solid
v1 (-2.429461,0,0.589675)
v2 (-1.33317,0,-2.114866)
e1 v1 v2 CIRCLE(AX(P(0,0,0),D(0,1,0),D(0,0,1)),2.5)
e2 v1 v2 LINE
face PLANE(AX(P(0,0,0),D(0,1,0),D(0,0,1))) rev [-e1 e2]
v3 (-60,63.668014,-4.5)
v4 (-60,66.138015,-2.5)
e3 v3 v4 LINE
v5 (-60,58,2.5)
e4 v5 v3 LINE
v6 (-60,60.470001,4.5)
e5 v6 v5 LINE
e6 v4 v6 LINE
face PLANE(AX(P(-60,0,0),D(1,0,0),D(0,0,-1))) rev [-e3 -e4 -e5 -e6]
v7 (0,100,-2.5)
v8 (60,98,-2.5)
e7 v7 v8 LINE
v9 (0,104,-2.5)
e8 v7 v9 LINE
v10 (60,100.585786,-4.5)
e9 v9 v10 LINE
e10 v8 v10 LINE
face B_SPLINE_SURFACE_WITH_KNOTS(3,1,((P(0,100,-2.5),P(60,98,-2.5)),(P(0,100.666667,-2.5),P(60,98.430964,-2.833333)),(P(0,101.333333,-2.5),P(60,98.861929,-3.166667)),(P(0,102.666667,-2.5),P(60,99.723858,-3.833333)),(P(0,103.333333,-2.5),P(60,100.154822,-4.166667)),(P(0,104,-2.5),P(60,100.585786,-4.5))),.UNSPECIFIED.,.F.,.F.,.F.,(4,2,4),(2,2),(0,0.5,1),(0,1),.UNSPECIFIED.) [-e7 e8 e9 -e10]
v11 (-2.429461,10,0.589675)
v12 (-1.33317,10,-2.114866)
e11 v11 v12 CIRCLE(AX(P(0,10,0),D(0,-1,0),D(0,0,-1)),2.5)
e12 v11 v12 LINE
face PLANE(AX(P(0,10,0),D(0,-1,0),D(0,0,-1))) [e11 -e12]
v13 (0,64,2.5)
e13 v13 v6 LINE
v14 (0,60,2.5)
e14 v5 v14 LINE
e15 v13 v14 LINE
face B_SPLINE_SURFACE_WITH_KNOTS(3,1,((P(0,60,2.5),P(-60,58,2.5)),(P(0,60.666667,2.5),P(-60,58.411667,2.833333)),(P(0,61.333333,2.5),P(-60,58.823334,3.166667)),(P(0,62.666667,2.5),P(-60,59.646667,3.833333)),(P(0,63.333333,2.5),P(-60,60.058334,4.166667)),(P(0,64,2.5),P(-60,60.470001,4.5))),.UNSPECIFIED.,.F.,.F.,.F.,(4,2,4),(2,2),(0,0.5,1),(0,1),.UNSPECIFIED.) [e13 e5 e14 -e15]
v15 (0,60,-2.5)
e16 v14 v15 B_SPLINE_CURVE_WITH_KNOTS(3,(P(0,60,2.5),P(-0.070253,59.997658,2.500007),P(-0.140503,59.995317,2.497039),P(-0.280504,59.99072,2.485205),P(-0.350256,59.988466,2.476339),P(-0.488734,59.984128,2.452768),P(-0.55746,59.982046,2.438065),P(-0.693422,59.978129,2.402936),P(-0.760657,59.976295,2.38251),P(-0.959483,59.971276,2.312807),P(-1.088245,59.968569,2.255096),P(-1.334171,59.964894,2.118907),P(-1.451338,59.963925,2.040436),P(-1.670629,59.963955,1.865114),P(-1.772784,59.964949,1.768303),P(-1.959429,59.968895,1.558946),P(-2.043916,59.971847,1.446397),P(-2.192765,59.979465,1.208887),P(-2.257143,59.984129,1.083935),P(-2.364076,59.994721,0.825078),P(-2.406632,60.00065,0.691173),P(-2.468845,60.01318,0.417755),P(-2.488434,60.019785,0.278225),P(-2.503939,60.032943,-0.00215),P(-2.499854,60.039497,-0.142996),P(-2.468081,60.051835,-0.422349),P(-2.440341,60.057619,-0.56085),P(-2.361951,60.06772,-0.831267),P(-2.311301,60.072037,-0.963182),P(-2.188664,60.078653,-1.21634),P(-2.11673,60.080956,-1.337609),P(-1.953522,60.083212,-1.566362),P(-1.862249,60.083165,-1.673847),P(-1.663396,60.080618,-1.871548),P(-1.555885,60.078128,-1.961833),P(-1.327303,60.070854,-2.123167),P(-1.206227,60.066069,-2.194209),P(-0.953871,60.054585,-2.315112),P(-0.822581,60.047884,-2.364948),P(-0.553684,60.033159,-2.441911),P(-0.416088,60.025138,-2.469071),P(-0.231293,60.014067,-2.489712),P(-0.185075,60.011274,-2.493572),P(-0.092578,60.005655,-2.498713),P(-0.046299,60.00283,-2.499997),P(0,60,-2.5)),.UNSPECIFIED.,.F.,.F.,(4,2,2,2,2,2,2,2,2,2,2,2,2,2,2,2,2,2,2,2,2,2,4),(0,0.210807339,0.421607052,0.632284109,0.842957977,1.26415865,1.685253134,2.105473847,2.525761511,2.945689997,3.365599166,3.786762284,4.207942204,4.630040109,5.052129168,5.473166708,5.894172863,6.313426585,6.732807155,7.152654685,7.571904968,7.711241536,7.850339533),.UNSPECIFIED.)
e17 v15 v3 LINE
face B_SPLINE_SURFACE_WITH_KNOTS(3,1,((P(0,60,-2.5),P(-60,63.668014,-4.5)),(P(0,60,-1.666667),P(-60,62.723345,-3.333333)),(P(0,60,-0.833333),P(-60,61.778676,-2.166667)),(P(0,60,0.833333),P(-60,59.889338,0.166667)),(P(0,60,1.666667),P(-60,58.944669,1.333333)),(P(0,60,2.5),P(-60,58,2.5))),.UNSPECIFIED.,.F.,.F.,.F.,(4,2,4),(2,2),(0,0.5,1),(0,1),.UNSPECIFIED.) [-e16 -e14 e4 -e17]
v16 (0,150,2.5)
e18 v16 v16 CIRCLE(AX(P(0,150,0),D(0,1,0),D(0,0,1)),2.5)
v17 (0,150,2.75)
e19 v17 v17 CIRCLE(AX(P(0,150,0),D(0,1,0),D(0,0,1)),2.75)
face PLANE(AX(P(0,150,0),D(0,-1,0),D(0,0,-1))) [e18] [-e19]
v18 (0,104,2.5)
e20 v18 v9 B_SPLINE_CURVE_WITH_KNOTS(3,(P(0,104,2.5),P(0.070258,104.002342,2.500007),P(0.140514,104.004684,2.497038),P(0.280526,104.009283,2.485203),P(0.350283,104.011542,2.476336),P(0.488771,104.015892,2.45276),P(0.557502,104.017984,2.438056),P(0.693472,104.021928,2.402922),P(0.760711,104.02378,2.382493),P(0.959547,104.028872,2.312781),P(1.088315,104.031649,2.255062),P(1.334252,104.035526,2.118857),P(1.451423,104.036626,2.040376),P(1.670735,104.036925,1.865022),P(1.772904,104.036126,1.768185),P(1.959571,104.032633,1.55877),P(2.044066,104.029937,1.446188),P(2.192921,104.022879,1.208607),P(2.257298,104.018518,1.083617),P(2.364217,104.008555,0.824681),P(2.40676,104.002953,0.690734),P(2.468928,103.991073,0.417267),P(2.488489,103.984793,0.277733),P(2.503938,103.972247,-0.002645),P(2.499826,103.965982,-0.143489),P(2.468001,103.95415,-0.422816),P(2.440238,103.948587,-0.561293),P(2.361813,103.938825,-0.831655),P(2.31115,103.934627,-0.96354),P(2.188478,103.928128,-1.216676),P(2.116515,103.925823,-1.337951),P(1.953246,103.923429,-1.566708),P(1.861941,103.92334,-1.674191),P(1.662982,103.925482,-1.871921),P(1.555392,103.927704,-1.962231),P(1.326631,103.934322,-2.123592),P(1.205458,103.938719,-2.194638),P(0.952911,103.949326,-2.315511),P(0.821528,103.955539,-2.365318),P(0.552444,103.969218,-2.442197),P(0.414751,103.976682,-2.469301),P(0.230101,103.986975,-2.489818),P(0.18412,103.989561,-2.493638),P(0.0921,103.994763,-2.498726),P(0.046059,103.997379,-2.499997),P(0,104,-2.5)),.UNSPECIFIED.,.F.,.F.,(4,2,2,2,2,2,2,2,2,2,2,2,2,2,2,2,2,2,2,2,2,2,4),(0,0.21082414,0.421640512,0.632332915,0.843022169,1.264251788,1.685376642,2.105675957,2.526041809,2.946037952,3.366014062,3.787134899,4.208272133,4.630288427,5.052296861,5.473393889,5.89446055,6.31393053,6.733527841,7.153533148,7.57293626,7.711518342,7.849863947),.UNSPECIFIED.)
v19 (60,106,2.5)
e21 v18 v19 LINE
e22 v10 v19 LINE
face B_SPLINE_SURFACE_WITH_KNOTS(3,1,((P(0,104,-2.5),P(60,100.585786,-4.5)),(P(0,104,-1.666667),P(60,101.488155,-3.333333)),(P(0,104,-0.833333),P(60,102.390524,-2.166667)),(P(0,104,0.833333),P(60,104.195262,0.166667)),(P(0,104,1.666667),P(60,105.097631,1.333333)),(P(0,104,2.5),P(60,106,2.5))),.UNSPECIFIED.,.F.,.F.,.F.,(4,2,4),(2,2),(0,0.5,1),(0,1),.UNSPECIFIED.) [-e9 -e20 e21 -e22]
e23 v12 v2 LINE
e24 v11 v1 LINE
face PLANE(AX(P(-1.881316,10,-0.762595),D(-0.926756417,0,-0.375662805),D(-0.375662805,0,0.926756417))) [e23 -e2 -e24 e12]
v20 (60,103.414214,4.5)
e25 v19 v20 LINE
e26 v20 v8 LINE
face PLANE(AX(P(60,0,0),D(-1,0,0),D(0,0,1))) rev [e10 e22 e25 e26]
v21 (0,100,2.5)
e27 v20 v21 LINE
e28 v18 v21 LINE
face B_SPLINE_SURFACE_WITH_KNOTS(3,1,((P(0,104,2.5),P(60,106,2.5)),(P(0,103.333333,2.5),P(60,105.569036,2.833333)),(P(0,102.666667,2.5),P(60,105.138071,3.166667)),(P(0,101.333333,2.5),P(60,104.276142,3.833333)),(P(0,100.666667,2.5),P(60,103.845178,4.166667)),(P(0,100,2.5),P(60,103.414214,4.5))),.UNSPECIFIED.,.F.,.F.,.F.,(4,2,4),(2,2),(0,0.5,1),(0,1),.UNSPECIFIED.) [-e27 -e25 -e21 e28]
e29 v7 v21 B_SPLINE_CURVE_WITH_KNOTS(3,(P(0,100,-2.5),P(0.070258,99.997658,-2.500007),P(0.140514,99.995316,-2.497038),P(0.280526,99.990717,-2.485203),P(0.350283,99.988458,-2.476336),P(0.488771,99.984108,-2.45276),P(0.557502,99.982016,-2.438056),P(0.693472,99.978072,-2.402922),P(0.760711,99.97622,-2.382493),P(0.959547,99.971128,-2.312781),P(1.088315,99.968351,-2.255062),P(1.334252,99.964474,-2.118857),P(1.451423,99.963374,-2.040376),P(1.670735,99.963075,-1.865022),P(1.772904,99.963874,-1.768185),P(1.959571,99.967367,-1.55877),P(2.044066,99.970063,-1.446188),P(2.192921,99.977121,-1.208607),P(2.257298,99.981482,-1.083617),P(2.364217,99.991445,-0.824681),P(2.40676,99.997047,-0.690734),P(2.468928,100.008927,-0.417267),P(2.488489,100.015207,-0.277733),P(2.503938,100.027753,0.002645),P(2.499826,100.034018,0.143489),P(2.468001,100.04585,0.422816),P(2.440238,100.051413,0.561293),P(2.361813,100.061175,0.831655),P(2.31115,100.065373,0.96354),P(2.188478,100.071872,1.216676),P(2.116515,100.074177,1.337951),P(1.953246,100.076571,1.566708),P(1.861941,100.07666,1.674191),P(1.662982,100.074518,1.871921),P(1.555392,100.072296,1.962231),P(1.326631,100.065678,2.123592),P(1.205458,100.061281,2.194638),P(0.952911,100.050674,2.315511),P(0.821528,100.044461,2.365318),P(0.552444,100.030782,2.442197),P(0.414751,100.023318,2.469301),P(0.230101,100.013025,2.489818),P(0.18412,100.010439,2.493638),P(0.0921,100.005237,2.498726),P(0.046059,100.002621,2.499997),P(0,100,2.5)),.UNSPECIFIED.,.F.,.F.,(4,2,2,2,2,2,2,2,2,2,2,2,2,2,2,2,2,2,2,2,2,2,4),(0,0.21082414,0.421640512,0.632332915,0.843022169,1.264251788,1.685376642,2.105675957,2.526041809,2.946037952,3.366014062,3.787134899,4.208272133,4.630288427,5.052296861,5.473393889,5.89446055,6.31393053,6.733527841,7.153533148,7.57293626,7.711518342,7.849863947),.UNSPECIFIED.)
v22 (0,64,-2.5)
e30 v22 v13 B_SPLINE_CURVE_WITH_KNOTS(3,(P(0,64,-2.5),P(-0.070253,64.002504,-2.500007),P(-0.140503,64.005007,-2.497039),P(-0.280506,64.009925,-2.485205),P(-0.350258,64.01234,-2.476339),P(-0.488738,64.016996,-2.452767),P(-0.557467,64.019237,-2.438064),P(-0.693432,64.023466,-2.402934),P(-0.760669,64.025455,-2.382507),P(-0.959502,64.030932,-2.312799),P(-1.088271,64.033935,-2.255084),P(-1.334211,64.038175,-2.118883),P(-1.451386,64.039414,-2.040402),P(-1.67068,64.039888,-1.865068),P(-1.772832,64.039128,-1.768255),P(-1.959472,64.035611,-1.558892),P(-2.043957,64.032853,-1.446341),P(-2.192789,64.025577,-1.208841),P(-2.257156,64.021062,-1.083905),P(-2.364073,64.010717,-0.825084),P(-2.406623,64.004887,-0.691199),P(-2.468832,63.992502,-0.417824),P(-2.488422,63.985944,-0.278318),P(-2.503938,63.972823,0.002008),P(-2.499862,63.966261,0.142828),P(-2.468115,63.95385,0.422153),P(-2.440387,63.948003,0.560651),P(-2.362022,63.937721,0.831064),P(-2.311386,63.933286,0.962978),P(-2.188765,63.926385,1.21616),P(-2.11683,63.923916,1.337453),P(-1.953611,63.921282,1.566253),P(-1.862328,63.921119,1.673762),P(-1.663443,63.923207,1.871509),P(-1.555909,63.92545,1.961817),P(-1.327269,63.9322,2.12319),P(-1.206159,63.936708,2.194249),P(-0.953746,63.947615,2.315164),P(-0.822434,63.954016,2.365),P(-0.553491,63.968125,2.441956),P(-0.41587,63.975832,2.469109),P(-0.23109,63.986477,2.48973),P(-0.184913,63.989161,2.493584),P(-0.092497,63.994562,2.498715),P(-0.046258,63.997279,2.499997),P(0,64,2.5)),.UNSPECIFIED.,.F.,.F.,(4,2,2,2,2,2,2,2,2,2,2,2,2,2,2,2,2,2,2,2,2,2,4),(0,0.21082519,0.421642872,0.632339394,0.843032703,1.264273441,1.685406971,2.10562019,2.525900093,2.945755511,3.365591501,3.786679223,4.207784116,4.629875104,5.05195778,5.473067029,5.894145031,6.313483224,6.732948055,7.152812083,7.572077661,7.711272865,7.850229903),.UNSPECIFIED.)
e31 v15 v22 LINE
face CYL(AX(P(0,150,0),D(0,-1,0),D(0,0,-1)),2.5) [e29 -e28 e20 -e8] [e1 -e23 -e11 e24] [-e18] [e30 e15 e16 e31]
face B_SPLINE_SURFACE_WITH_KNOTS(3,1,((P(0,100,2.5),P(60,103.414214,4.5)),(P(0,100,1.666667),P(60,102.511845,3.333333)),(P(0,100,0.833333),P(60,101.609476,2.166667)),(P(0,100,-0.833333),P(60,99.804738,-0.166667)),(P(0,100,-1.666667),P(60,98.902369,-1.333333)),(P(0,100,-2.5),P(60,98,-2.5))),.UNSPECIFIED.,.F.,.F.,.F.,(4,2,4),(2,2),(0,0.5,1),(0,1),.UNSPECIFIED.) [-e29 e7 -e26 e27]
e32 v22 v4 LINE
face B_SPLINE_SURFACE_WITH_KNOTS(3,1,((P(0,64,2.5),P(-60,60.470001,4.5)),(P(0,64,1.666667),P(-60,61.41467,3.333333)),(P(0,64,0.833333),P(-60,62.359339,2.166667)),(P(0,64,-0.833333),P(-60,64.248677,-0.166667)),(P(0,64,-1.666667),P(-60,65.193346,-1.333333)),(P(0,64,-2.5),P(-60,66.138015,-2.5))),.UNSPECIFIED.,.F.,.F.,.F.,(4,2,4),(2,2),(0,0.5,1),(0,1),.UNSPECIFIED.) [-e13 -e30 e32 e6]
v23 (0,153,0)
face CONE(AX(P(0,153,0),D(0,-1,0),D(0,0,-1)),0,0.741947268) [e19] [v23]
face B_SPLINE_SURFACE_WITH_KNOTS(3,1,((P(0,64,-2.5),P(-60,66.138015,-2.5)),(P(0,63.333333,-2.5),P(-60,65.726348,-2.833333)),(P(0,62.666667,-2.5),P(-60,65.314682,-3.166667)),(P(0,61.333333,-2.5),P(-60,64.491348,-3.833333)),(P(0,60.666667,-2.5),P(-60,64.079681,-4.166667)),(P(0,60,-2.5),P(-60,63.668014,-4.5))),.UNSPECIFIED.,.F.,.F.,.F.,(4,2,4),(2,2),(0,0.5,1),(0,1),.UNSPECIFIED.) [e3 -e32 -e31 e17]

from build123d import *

# Parameters (mm, degrees)
SKETCH1_R           = 2.5
BOSS_EXTRUDE1_DEPTH = 150
CUT_EXTRUDE1_DEPTH  = 10


with BuildPart() as part:
    # Sketch1 → Boss-Extrude1 (new body)
    with BuildSketch(Plane(origin=(0, 0, 0), x_dir=(1, 0, 0), z_dir=(0, 1, 0))):
        with Locations(Location((0, 0, 0), (0, 0, 270))):
            Circle(SKETCH1_R)
    extrude(amount=BOSS_EXTRUDE1_DEPTH)

    # Sketch5 → Revolve9 (revolve)
    with BuildSketch(Plane(origin=(0, 0, 0), x_dir=(0, 0, -1), z_dir=(1, 0, 0)), mode=Mode.PRIVATE) as revolve9_sk:
        Polygon((-2.75, 150), (0, 150), (0, 153), align=None)
    revolve(revolve9_sk.sketch.rotate(Axis((0, 150, 0), (0, -1, 0)), 180), axis=Axis((0, 150, 0), (0, -1, 0)))

    # Sketch17 → Cut-Extrude1 (cut)
    with BuildSketch(Plane.XZ):
        with BuildLine():
            Line((-2.43587323, 0.605492864), (-1.326757825, -2.130683851))
            ThreePointArc((-1.326757825, -2.130683851), (-2.326158608, -0.94291364), (-2.43587323, 0.605492864))
        make_face()
    extrude(amount=-CUT_EXTRUDE1_DEPTH, mode=Mode.SUBTRACT)

    # Sketch18 → Loft1 section 0
    with BuildSketch(Plane(origin=(0, 0, 0), x_dir=(0, 0, -1), z_dir=(1, 0, 0))):
        with BuildLine():
            Line((2.5, 60), (-2.5, 60))
            Line((-2.5, 60), (-2.5, 64))
            Line((-2.5, 64), (2.5, 64))
            Line((2.5, 64), (2.5, 60))
        make_face()
    # Sketch19 → Loft1 section 1
    with BuildSketch(Plane(origin=(-60, 0, 0), x_dir=(0, 0, -1), z_dir=(1, 0, 0))):
        with BuildLine():
            Line((4.5, 63.668014387), (-2.5, 58))
            Line((-2.5, 58), (-4.5, 60.470000787))
            Line((-4.5, 60.470000787), (2.5, 66.138015175))
            Line((2.5, 66.138015175), (4.5, 63.668014387))
        make_face()
    loft()

    # Sketch20 → Loft2 section 0
    with BuildSketch(Plane(origin=(0, 0, 0), x_dir=(0, 0, -1), z_dir=(1, 0, 0))):
        with BuildLine():
            Line((2.5, 100), (-2.5, 100))
            Line((-2.5, 100), (-2.5, 104))
            Line((-2.5, 104), (2.5, 104))
            Line((2.5, 104), (2.5, 100))
        make_face()
    # Sketch21 → Loft2 section 1
    with BuildSketch(Plane(origin=(60, 0, 0), x_dir=(0, 0, -1), z_dir=(1, 0, 0))):
        with BuildLine():
            Line((-2.5, 106), (-4.5, 103.414213562))
            Line((-4.5, 103.414213562), (2.5, 98))
            Line((2.5, 98), (4.5, 100.585786438))
            Line((4.5, 100.585786438), (-2.5, 106))
        make_face()
    loft()


solid = part.part
